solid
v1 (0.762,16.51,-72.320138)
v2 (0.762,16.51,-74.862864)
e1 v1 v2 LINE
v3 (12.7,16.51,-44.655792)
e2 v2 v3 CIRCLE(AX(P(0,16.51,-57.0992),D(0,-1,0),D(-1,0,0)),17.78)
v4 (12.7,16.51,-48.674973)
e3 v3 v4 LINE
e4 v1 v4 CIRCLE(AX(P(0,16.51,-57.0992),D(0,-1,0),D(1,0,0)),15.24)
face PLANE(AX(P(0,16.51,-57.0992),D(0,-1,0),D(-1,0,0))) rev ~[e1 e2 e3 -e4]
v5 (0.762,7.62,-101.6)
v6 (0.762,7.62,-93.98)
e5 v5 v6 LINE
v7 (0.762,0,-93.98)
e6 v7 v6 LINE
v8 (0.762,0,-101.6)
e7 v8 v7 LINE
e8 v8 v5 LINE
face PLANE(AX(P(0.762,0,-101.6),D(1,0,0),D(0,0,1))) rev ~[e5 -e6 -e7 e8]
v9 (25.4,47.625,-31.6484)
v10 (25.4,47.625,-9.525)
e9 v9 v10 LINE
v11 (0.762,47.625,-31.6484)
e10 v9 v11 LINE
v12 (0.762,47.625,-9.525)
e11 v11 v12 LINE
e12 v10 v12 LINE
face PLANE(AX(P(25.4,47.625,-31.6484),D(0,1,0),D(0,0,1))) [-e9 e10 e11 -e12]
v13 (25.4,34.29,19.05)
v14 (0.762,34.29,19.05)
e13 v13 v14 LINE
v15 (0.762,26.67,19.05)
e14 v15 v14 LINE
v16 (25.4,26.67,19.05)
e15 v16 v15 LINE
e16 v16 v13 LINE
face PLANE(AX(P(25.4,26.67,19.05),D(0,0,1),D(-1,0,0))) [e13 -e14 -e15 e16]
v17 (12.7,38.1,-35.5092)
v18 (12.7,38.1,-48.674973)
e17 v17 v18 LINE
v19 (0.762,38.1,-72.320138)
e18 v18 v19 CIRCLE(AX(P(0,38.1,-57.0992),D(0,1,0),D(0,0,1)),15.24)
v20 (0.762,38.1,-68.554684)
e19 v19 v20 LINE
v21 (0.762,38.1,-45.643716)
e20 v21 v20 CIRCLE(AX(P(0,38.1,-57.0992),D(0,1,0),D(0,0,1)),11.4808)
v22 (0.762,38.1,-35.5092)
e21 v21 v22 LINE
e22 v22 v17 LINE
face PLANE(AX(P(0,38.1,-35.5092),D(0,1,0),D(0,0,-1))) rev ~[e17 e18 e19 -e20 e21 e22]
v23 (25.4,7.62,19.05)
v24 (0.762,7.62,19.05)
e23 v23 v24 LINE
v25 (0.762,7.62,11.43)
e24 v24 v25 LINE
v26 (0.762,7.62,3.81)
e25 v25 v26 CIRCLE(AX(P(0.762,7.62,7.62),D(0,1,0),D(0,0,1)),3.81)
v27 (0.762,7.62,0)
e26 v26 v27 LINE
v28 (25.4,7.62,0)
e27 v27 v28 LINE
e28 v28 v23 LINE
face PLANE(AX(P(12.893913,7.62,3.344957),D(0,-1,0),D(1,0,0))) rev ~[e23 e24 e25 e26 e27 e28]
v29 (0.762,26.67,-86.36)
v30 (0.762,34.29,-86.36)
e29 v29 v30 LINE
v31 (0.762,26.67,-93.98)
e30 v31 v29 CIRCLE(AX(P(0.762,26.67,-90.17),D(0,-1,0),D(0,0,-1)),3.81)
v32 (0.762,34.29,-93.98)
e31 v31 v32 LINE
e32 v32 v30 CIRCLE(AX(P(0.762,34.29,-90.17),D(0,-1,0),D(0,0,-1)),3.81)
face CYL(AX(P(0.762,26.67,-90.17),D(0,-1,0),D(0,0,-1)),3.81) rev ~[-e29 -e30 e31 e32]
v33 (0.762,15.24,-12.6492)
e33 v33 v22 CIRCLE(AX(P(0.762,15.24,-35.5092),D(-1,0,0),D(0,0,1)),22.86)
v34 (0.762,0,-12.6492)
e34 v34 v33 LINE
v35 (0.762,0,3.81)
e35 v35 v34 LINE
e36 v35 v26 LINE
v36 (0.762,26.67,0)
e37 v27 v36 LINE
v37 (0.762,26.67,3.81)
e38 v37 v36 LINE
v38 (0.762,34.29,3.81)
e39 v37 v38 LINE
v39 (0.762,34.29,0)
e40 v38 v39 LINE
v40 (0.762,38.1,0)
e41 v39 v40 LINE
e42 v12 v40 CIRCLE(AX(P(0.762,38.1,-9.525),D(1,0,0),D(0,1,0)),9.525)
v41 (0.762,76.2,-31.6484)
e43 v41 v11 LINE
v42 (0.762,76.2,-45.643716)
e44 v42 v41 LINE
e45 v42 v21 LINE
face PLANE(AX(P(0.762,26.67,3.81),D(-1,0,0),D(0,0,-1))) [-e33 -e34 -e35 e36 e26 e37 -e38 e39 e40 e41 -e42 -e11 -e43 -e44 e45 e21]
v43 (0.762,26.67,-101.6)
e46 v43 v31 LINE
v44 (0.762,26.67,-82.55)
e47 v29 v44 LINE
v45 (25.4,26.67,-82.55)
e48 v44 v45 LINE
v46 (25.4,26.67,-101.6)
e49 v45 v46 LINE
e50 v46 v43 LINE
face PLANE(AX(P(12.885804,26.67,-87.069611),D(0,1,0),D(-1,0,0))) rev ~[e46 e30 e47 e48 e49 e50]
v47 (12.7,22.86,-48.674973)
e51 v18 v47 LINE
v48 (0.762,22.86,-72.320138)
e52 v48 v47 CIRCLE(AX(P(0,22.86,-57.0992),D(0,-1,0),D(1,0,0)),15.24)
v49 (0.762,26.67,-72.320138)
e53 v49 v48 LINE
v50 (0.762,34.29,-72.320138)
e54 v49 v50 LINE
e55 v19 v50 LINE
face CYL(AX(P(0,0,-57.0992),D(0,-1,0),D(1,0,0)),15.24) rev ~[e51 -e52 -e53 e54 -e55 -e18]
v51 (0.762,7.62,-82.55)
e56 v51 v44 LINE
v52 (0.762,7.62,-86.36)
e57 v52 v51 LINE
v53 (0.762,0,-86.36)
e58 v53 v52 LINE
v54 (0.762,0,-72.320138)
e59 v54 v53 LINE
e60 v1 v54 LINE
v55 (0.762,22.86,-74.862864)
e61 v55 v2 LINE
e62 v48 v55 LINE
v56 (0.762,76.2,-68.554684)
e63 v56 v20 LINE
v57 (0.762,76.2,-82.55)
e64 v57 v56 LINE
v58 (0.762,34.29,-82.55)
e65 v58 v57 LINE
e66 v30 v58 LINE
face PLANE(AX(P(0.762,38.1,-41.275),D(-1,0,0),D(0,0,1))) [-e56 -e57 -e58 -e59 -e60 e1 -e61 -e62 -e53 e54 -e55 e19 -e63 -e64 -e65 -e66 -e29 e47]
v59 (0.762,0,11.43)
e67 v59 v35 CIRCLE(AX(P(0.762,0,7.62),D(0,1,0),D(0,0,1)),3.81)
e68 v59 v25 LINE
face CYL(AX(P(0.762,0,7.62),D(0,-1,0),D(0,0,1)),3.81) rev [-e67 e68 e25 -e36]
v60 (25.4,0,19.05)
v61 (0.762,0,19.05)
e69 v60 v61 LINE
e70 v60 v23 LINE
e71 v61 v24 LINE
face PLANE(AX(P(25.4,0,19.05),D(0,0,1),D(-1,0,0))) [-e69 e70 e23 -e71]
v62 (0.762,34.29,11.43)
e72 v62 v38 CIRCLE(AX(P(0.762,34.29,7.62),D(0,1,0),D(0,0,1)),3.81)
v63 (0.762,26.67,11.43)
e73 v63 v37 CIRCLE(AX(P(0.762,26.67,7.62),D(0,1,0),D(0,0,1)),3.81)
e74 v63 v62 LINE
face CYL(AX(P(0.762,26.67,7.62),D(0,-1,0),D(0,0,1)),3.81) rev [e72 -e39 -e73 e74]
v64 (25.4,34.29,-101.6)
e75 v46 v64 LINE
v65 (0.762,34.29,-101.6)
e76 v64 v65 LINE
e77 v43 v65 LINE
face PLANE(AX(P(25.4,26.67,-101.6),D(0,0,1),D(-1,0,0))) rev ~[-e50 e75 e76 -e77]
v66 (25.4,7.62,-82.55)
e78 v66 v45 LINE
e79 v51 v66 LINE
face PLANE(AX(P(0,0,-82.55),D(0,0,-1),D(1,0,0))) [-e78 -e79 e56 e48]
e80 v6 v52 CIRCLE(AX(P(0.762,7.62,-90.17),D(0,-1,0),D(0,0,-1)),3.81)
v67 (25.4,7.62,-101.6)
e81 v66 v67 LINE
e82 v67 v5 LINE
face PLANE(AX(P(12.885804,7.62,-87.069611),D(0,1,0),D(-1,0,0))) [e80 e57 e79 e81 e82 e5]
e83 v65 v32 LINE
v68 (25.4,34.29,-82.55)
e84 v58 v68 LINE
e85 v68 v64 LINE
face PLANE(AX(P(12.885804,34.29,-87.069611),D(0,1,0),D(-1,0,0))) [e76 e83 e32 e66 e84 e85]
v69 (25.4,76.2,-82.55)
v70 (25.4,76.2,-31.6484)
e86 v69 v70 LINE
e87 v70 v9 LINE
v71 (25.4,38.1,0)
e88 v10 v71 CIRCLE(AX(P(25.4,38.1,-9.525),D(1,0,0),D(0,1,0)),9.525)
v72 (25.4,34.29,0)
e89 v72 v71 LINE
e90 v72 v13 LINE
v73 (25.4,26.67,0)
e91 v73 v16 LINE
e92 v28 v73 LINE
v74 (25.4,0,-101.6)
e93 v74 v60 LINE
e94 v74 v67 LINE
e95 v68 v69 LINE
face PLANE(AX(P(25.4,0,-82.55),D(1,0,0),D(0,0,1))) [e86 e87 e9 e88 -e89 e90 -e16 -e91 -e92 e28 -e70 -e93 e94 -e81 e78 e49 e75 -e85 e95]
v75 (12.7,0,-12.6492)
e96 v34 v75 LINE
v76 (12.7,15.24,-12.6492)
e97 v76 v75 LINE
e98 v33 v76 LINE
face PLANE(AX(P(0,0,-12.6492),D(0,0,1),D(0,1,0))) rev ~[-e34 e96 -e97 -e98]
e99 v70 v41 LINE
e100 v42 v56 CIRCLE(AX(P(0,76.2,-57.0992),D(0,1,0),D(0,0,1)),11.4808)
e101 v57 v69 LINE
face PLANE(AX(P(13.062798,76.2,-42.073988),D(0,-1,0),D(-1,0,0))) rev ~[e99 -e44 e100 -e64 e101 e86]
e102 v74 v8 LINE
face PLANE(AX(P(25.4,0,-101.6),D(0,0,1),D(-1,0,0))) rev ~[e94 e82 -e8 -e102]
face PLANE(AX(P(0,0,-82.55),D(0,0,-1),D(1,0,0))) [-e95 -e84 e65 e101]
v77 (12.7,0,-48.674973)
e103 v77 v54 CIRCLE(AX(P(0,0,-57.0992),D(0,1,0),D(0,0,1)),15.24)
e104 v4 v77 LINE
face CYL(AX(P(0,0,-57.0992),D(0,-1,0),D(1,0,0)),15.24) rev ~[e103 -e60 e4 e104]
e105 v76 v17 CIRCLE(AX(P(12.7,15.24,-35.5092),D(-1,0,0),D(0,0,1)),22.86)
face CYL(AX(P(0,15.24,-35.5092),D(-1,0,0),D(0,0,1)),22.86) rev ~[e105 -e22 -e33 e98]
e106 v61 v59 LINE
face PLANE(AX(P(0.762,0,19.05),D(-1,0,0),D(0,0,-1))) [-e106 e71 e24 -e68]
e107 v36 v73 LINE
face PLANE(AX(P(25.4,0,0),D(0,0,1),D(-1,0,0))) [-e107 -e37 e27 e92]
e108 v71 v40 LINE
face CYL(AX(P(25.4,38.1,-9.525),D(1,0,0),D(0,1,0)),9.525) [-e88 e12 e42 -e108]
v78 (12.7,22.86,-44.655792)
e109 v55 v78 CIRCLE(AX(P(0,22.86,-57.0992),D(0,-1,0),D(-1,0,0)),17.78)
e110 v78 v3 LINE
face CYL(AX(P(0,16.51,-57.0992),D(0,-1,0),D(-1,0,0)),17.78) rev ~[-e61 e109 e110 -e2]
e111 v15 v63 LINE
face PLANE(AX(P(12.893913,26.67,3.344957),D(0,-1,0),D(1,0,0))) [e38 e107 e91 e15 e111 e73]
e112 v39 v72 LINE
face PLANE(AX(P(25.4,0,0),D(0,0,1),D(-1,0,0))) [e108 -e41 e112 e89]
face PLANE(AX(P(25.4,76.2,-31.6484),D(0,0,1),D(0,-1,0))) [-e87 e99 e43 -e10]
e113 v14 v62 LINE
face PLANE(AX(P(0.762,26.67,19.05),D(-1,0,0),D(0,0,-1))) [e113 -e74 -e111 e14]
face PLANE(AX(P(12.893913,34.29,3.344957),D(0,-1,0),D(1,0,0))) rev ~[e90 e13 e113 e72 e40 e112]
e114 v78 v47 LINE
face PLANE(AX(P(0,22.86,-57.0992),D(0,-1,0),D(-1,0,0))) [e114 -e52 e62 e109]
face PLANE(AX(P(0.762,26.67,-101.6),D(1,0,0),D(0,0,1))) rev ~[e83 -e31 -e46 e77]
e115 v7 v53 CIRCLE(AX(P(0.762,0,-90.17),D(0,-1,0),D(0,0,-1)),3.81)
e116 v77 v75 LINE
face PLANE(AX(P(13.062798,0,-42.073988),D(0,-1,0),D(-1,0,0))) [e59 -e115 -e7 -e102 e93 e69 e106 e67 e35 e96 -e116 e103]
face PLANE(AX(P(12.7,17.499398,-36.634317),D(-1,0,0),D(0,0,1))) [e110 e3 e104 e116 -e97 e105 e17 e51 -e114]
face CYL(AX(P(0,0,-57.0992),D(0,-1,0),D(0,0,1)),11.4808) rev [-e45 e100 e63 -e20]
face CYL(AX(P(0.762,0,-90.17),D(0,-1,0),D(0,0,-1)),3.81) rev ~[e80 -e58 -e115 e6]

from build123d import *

# Parameters (mm, degrees)
BOSS_EXTRUDE1_DEPTH = 76.2
SKETCH2_R           = 15.24
CUT_EXTRUDE1_DEPTH  = 38.1
SKETCH3_R           = 17.78
CUT_EXTRUDE2_DEPTH  = 6.35
CUT_EXTRUDE3_DEPTH  = 12.7
CUT_EXTRUDE4_DEPTH  = 26.4
SKETCH6_W           = 82.55
SKETCH6_H           = 76.2
CUT_EXTRUDE5_DEPTH  = 0.762
BOSS_EXTRUDE2_DEPTH = 7.62
LPATTERN1_COUNT     = 2
LPATTERN1_PITCH     = 26.67


with BuildPart() as part:
    # Sketch1 → Boss-Extrude1 (new body)
    with BuildSketch(Plane(origin=(0, 0, 0), x_dir=(1, 0, 0), z_dir=(0, 1, 0))):
        with BuildLine():
            Line((0, 0), (0, 45.6184))
            ThreePointArc((0, 45.6184), (11.4808, 57.0992), (0, 68.58))
            Line((0, 68.58), (0, 82.55))
            Line((0, 82.55), (25.4, 82.55))
            Line((25.4, 82.55), (25.4, 0))
            Line((25.4, 0), (0, 0))
        make_face()
    extrude(amount=BOSS_EXTRUDE1_DEPTH)

    # Sketch2 → Cut-Extrude1 (cut)
    with BuildSketch(Plane.XZ):
        with Locations((0, -57.0992)):
            Circle(SKETCH2_R)
    extrude(amount=-CUT_EXTRUDE1_DEPTH, mode=Mode.SUBTRACT)

    # Sketch3 → Cut-Extrude2 (cut)
    with BuildSketch(Plane(origin=(0, 16.51, 0), x_dir=(-1, 0, 0), z_dir=(0, -1, 0))):
        with Locations((0, 57.0992)):
            Circle(SKETCH3_R)
    extrude(amount=-CUT_EXTRUDE2_DEPTH, mode=Mode.SUBTRACT)

    # Sketch4 → Cut-Extrude3 (cut)
    with BuildSketch(Plane.ZY):
        with BuildLine():
            Line((-57.0992, 0), (-12.6492, 0))
            Line((-12.6492, 0), (-12.6492, 15.24))
            ThreePointArc((-12.6492, 15.24), (-19.344738982, 31.404461018), (-35.5092, 38.1))
            Line((-35.5092, 38.1), (-57.0992, 38.1))
            Line((-57.0992, 38.1), (-57.0992, 0))
        make_face()
    extrude(amount=-CUT_EXTRUDE3_DEPTH, mode=Mode.SUBTRACT)

    # Sketch5 → Cut-Extrude4 (cut, through all)
    with BuildSketch(Plane(origin=(25.4, 0, 0), x_dir=(0, 0, -1), z_dir=(1, 0, 0))):
        with BuildLine():
            Line((0, 76.2), (31.6484, 76.2))
            Line((31.6484, 76.2), (31.6484, 47.625))
            Line((31.6484, 47.625), (9.525, 47.625))
            ThreePointArc((9.525, 47.625), (2.789807909, 44.835192091), (0, 38.1))
            Line((0, 38.1), (0, 76.2))
        make_face()
    extrude(amount=-CUT_EXTRUDE4_DEPTH, mode=Mode.SUBTRACT)

    # Sketch6 → Cut-Extrude5 (cut)
    with BuildSketch(Plane.ZY):
        with Locations((-41.275, 38.1)):
            Rectangle(SKETCH6_W, SKETCH6_H)
    extrude(amount=-CUT_EXTRUDE5_DEPTH, mode=Mode.SUBTRACT)

    # Sketch9 → Boss-Extrude2 (add)
    with BuildSketch(Plane.XZ):
        with BuildLine():
            Line((0.762, -12.6492), (25.4, -12.6492))
            Line((25.4, -12.6492), (25.4, 19.05))
            Line((25.4, 19.05), (0.762, 19.05))
            Line((0.762, 19.05), (0.762, 11.43))
            ThreePointArc((0.762, 11.43), (4.572, 7.62), (0.762, 3.81))
            Line((0.762, 3.81), (0.762, -12.6492))
        make_face()
        with BuildLine():
            Line((0.762, -72.320138079), (25.4, -72.320138079))
            Line((25.4, -72.320138079), (25.4, -101.6))
            Line((25.4, -101.6), (0.762, -101.6))
            Line((0.762, -101.6), (0.762, -93.98))
            ThreePointArc((0.762, -93.98), (4.572, -90.17), (0.762, -86.36))
            Line((0.762, -86.36), (0.762, -72.320138079))
        make_face()
    boss_extrude2 = extrude(amount=-BOSS_EXTRUDE2_DEPTH)

    # LPattern1: Boss-Extrude2 ×2
    with Locations(*[(0, i * LPATTERN1_PITCH, 0) for i in range(1, LPATTERN1_COUNT)]):
        add(boss_extrude2)


solid = part.part
